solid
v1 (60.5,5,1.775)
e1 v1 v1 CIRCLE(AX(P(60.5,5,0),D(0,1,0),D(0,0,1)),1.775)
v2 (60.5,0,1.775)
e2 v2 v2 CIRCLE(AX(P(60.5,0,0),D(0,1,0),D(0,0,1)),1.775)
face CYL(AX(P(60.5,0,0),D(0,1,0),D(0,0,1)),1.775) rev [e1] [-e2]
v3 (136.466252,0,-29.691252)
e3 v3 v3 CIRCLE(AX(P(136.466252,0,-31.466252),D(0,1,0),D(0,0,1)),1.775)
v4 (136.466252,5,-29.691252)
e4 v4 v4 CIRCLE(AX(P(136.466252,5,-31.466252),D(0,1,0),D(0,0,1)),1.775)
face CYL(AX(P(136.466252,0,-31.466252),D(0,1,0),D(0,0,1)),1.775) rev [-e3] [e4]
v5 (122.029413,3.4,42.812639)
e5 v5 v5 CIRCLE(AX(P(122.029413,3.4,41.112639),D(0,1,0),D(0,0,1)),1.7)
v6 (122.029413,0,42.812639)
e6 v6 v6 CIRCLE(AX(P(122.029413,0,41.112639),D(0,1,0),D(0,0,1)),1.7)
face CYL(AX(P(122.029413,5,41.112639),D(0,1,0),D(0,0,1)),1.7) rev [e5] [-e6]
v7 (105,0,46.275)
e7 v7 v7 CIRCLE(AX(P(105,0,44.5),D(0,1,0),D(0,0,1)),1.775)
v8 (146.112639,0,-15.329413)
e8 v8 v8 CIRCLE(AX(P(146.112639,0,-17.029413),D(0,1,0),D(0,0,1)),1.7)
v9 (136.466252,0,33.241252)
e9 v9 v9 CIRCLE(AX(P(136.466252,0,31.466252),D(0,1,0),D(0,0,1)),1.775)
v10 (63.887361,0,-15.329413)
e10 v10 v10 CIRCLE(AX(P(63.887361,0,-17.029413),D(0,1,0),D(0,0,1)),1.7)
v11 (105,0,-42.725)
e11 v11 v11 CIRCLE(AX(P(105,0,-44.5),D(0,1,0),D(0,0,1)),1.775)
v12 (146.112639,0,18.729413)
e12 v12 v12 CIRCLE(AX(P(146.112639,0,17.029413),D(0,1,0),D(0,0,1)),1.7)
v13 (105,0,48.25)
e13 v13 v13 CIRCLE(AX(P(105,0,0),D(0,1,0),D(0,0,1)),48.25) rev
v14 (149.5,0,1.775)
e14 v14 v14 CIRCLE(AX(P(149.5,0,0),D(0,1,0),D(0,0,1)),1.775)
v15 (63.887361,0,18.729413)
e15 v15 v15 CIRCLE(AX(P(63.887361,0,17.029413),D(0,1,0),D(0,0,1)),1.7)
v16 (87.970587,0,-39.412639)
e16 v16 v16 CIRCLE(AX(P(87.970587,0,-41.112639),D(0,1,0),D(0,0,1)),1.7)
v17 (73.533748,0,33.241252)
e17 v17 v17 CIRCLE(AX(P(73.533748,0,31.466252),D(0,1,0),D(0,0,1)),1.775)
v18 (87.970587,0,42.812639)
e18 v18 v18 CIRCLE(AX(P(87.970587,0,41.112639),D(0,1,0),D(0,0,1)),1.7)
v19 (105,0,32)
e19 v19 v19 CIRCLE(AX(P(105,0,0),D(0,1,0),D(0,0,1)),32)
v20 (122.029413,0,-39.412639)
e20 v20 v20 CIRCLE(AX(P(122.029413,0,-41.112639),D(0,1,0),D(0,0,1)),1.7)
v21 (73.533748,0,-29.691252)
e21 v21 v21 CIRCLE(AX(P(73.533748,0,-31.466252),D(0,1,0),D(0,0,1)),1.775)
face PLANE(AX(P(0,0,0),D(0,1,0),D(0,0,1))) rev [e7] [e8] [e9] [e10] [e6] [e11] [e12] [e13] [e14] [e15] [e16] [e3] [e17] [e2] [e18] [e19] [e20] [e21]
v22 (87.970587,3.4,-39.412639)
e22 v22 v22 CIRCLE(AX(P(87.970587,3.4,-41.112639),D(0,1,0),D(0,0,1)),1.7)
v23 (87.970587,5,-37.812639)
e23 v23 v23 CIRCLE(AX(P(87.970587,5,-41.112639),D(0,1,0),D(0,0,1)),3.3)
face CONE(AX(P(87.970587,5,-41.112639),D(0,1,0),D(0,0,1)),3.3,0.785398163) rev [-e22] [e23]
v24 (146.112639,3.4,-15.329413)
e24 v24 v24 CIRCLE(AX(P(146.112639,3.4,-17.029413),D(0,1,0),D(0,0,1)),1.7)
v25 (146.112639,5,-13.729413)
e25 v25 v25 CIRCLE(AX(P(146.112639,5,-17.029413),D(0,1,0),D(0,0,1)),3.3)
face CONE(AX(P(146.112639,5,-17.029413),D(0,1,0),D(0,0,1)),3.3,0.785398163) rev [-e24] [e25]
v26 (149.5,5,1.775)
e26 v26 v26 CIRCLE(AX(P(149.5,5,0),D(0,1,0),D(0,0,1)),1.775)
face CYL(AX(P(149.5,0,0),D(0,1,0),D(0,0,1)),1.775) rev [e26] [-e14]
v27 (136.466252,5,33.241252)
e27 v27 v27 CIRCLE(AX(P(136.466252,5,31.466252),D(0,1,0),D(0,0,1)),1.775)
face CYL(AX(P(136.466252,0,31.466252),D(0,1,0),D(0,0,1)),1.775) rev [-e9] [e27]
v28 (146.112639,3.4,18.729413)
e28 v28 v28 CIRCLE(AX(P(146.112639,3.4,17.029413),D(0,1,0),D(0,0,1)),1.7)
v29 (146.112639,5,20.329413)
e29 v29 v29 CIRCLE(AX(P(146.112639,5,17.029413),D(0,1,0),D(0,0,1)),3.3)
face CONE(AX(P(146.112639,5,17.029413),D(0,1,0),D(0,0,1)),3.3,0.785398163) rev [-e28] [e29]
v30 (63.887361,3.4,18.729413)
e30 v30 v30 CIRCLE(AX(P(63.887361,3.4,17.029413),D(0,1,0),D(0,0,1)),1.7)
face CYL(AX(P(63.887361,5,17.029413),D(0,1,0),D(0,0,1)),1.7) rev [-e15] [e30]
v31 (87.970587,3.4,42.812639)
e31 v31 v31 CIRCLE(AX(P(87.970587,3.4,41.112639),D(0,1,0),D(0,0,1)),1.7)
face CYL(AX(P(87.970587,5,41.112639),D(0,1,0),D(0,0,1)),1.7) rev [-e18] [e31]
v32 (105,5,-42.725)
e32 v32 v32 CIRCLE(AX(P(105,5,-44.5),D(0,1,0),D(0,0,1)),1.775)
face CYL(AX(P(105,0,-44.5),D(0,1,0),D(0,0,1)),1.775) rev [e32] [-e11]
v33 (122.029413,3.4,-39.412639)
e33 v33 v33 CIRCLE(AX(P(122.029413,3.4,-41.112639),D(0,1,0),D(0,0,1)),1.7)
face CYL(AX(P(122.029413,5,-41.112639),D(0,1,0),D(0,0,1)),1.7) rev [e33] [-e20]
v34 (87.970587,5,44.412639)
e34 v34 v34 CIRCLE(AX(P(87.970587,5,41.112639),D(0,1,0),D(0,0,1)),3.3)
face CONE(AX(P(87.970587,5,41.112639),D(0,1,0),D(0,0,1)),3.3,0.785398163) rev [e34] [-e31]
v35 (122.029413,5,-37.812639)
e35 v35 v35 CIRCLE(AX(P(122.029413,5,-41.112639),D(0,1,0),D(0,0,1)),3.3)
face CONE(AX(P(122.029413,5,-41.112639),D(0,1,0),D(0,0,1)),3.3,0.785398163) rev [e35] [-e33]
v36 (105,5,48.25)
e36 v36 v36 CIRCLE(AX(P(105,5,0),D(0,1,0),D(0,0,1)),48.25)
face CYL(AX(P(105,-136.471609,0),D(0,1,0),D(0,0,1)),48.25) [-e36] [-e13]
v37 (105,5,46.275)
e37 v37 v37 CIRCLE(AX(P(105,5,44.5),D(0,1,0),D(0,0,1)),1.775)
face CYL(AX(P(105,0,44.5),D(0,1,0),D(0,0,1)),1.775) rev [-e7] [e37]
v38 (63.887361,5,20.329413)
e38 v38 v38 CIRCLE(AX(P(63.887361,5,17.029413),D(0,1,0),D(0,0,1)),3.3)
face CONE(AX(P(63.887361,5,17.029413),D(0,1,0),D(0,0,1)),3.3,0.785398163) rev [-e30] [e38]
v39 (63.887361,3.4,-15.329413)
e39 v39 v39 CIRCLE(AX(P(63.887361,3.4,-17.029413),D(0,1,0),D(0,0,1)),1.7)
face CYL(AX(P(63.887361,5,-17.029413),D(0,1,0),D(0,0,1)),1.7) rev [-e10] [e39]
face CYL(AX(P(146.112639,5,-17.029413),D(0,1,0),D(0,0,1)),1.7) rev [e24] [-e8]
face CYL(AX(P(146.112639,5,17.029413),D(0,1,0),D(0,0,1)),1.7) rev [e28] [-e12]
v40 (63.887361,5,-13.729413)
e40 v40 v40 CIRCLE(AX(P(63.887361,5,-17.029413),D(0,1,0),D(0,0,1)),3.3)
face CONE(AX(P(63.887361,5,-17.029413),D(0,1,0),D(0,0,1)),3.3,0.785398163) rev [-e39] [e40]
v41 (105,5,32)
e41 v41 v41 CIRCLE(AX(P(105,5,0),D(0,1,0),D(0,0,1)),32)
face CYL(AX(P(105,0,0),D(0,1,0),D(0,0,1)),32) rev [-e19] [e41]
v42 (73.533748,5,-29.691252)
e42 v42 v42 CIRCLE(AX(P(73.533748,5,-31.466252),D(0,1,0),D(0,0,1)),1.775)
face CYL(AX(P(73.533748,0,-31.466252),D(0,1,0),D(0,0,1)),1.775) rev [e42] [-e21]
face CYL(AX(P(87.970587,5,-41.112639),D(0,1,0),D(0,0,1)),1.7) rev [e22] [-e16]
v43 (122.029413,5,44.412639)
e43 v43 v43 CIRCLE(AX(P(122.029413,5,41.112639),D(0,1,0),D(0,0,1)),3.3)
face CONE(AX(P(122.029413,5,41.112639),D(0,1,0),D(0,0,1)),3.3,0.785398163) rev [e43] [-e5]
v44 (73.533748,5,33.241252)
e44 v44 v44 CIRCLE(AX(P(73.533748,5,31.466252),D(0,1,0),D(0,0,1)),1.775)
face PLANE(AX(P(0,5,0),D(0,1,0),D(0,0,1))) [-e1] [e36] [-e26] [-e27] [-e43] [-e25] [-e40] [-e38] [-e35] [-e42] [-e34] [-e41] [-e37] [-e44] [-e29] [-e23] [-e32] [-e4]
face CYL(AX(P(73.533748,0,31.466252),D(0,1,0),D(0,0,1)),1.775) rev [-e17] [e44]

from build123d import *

# Parameters (mm, degrees)
EXTRUDE_1_DEPTH              = 5
SKETCH_2_R                   = 1.525
CUT_EXTRUDE_1_DEPTH          = 6
SKETCH_3_R                   = 48.25
EXTRUDE_2_DEPTH              = 5
SKETCH_4_R                   = 32
CUT_EXTRUDE_2_DEPTH          = 6
FILLET_1_R                   = 40
SKETCH_9_R                   = 7.5
CUT_EXTRUDE_7_DEPTH          = 6
SKETCH_15_R                  = 1.525
CUT_EXTRUDE_10_DEPTH         = 6
SKETCH_16_R                  = 1.525
SKETCH_16_R_2                = 3.525
CUT_EXTRUDE_11_DEPTH         = 6
SKETCH_17_R                  = 1.525
SKETCH_17_R_2                = 3.525
SKETCH_17_R_3                = 7.5
CUT_EXTRUDE_12_DEPTH         = 6
SKETCH_10_R                  = 1.775
CUT_EXTRUDE_13_DEPTH         = 6
SKETCH_19_R                  = 1.525
CUT_EXTRUDE_14_DEPTH         = 6
HOLE_WIZARD_M3_2_D           = 3.4
HOLE_WIZARD_M3_2_CSINK_D     = 6.6
HOLE_WIZARD_M3_2_CSINK_ANGLE = 90


with BuildPart() as part:
    # 草图1 → 凸台-拉伸1 (new body)
    with BuildSketch(Plane(origin=(0, 0, 0), x_dir=(1, 0, 0), z_dir=(0, 1, 0))):
        with BuildLine():
            ThreePointArc((-78.875, 0), (-86.526835342, -18.473164658), (-105, -26.125))
            Line((-105, -26.125), (105, -26.125))
            Line((105, -26.125), (105, 26.125))
            Line((105, 26.125), (-105, 26.125))
            ThreePointArc((-105, 26.125), (-86.526835342, 18.473164658), (-78.875, 0))
        make_face()
        with BuildLine():
            ThreePointArc((-105, 26.125), (-131.125, 0), (-105, -26.125))
            Line((-105, -26.125), (-105, 26.125))
        make_face()
        with BuildLine():
            Line((-105, 26.125), (-105, -26.125))
            ThreePointArc((-105, -26.125), (-86.526835342, -18.473164658), (-78.875, 0))
            ThreePointArc((-78.875, 0), (-86.526835342, 18.473164658), (-105, 26.125))
        make_face()
        with BuildLine():
            ThreePointArc((-105, 26.125), (-131.125, 0), (-105, -26.125))
            Line((-105, -26.125), (-105, 26.125))
        make_face()
        with BuildLine():
            Line((-105, 26.125), (-105, -26.125))
            ThreePointArc((-105, -26.125), (-86.526835342, -18.473164658), (-78.875, 0))
            ThreePointArc((-78.875, 0), (-86.526835342, 18.473164658), (-105, 26.125))
        make_face()
    extrude(amount=EXTRUDE_1_DEPTH)

    # 草图2 → 切除-拉伸1 (cut, through all)
    with BuildSketch(Plane(origin=(0, 5, 0), x_dir=(1, 0, 0), z_dir=(0, 1, 0))):
        with Locations((-91.5, 0)):
            Circle(SKETCH_2_R)
        with Locations((-98.25, -11.691342951)):
            Circle(SKETCH_2_R)
        with Locations((-111.75, -11.691342951)):
            Circle(SKETCH_2_R)
        with Locations((-118.5, 0)):
            Circle(SKETCH_2_R)
        with Locations((-111.75, 11.691342951)):
            Circle(SKETCH_2_R)
        with Locations((-98.25, 11.691342951)):
            Circle(SKETCH_2_R)
    extrude(amount=-CUT_EXTRUDE_1_DEPTH, mode=Mode.SUBTRACT)

    # 草图3 → 凸台-拉伸2 (add)
    with BuildSketch(Plane(origin=(0, 5, 0), x_dir=(1, 0, 0), z_dir=(0, 1, 0))):
        with Locations((105, 0)):
            Circle(SKETCH_3_R)
    extrude(amount=-EXTRUDE_2_DEPTH)

    # 草图4 → 切除-拉伸2 (cut, through all)
    with BuildSketch(Plane(origin=(0, 5, 0), x_dir=(1, 0, 0), z_dir=(0, 1, 0))):
        with Locations((105, 0)):
            Circle(SKETCH_4_R)
    extrude(amount=-CUT_EXTRUDE_2_DEPTH, mode=Mode.SUBTRACT)

    # 圆角1
    fillet_1_edges = [part.edges().sort_by_distance(p)[0] for p in [
        (64.43465919, 2.5, 26.125),
        (64.43465919, 2.5, -26.125),
    ]]
    fillet(fillet_1_edges, radius=FILLET_1_R)

    # 草图9 → 切除-拉伸7 (cut, through all)
    with BuildSketch(Plane(origin=(0, 5, 0), x_dir=(1, 0, 0), z_dir=(0, 1, 0))):
        with Locations((-105, 0)):
            Circle(SKETCH_9_R)
    extrude(amount=-CUT_EXTRUDE_7_DEPTH, mode=Mode.SUBTRACT)

    # 草图15 → 切除-拉伸10 (cut, through all)
    with BuildSketch(Plane(origin=(0, 5, 0), x_dir=(1, 0, 0), z_dir=(0, 1, 0))):
        with Locations((-123.619546181, 10.75)):
            Circle(SKETCH_15_R)
        with Locations((-105, 21.5)):
            Circle(SKETCH_15_R)
        with Locations((-86.380453819, 10.75)):
            Circle(SKETCH_15_R)
        with Locations((-86.380453819, -10.75)):
            Circle(SKETCH_15_R)
        with Locations((-105, -21.5)):
            Circle(SKETCH_15_R)
        with Locations((-123.619546181, -10.75)):
            Circle(SKETCH_15_R)
    extrude(amount=-CUT_EXTRUDE_10_DEPTH, mode=Mode.SUBTRACT)

    # 草图16 → 切除-拉伸11 (cut, through all)
    with BuildSketch(Plane(origin=(0, 5, 0), x_dir=(1, 0, 0), z_dir=(0, 1, 0))):
        with Locations((-111.75, 11.691342951)):
            Circle(SKETCH_16_R)
        with Locations((-111.75, 11.691342951)):
            Circle(SKETCH_16_R_2)
        with Locations((-111.75, 11.691342951)):
            Circle(SKETCH_16_R, mode=Mode.SUBTRACT)
        with Locations((-98.25, 11.691342951)):
            Circle(SKETCH_16_R_2)
        with Locations((-98.25, 11.691342951)):
            Circle(SKETCH_16_R, mode=Mode.SUBTRACT)
        with Locations((-98.25, 11.691342951)):
            Circle(SKETCH_16_R)
        with Locations((-91.5, 0)):
            Circle(SKETCH_16_R)
        with Locations((-91.5, 0)):
            Circle(SKETCH_16_R_2)
        with Locations((-91.5, 0)):
            Circle(SKETCH_16_R, mode=Mode.SUBTRACT)
        with Locations((-98.25, -11.691342951)):
            Circle(SKETCH_16_R_2)
        with Locations((-98.25, -11.691342951)):
            Circle(SKETCH_16_R, mode=Mode.SUBTRACT)
        with Locations((-111.75, -11.691342951)):
            Circle(SKETCH_16_R_2)
        with Locations((-111.75, -11.691342951)):
            Circle(SKETCH_16_R, mode=Mode.SUBTRACT)
        with Locations((-111.75, -11.691342951)):
            Circle(SKETCH_16_R)
        with Locations((-118.5, 0)):
            Circle(SKETCH_16_R_2)
        with Locations((-118.5, 0)):
            Circle(SKETCH_16_R, mode=Mode.SUBTRACT)
        with Locations((-118.5, 0)):
            Circle(SKETCH_16_R)
    extrude(amount=-CUT_EXTRUDE_11_DEPTH, mode=Mode.SUBTRACT)

    # 草图17 → 切除-拉伸12 (cut, through all)
    with BuildSketch(Plane(origin=(0, 5, 0), x_dir=(1, 0, 0), z_dir=(0, 1, 0))):
        with BuildLine():
            ThreePointArc((-105, 26.125), (-131.125, 0), (-105, -26.125))
            Line((-105, -26.125), (46.557319748, -26.125))
            ThreePointArc((46.557319748, -26.125), (60.719472559, -28.715998038), (73.046919862, -36.153328612))
            ThreePointArc((73.046919862, -36.153328612), (56.75, 0), (73.046919862, 36.153328612))
            ThreePointArc((73.046919862, 36.153328612), (60.719472559, 28.715998038), (46.557319748, 26.125))
            Line((46.557319748, 26.125), (-105, 26.125))
        make_face()
        with Locations((-105, -21.5)):
            Circle(SKETCH_17_R, mode=Mode.SUBTRACT)
        with Locations((-123.619546181, -10.75)):
            Circle(SKETCH_17_R, mode=Mode.SUBTRACT)
        with Locations((-111.75, -11.691342951)):
            Circle(SKETCH_17_R_2, mode=Mode.SUBTRACT)
        with Locations((-98.25, -11.691342951)):
            Circle(SKETCH_17_R_2, mode=Mode.SUBTRACT)
        with Locations((-118.5, 0)):
            Circle(SKETCH_17_R_2, mode=Mode.SUBTRACT)
        with Locations((-105, 0)):
            Circle(SKETCH_17_R_3, mode=Mode.SUBTRACT)
        with Locations((-86.380453819, -10.75)):
            Circle(SKETCH_17_R, mode=Mode.SUBTRACT)
        with Locations((-123.619546181, 10.75)):
            Circle(SKETCH_17_R, mode=Mode.SUBTRACT)
        with Locations((-111.75, 11.691342951)):
            Circle(SKETCH_17_R_2, mode=Mode.SUBTRACT)
        with Locations((-98.25, 11.691342951)):
            Circle(SKETCH_17_R_2, mode=Mode.SUBTRACT)
        with Locations((-91.5, 0)):
            Circle(SKETCH_17_R_2, mode=Mode.SUBTRACT)
        with Locations((-86.380453819, 10.75)):
            Circle(SKETCH_17_R, mode=Mode.SUBTRACT)
        with Locations((-105, 21.5)):
            Circle(SKETCH_17_R, mode=Mode.SUBTRACT)
    extrude(amount=-CUT_EXTRUDE_12_DEPTH, mode=Mode.SUBTRACT)

    # 草图10 → 切除-拉伸13 (cut, through all)
    with BuildSketch(Plane(origin=(0, 5, 0), x_dir=(1, 0, 0), z_dir=(0, 1, 0))):
        with Locations((73.533748237, 31.466251763)):
            Circle(SKETCH_10_R)
        with Locations((105, 44.5)):
            Circle(SKETCH_10_R)
        with Locations((136.466251763, 31.466251763)):
            Circle(SKETCH_10_R)
        with Locations((136.466251763, -31.466251763)):
            Circle(SKETCH_10_R)
        with Locations((73.533748237, -31.466251763)):
            Circle(SKETCH_10_R)
        with Locations((60.5, 0)):
            Circle(SKETCH_10_R)
        with Locations((149.5, 0)):
            Circle(SKETCH_10_R)
        with Locations((105, -44.5)):
            Circle(SKETCH_10_R)
    extrude(amount=-CUT_EXTRUDE_13_DEPTH, mode=Mode.SUBTRACT)

    # 草图19 → 切除-拉伸14 (cut, through all)
    with BuildSketch(Plane(origin=(0, 5, 0), x_dir=(1, 0, 0), z_dir=(0, 1, 0))):
        with Locations((122.02941274, 41.112639197)):
            Circle(SKETCH_19_R)
        with Locations((146.112639197, 17.02941274)):
            Circle(SKETCH_19_R)
        with Locations((146.112639197, -17.02941274)):
            Circle(SKETCH_19_R)
        with Locations((122.02941274, -41.112639197)):
            Circle(SKETCH_19_R)
        with Locations((87.97058726, -41.112639197)):
            Circle(SKETCH_19_R)
        with Locations((63.887360803, -17.02941274)):
            Circle(SKETCH_19_R)
        with Locations((63.887360803, 17.02941274)):
            Circle(SKETCH_19_R)
        with Locations((87.97058726, 41.112639197)):
            Circle(SKETCH_19_R)
    extrude(amount=-CUT_EXTRUDE_14_DEPTH, mode=Mode.SUBTRACT)

    # M3 开槽沉头木螺钉的锥形沉头孔2 (through all)
    with Locations(Plane(origin=(0, 5, 0), x_dir=(1, 0, 0), z_dir=(0, 1, 0))):
        with Locations((87.97058726, 41.112639197), (122.02941274, 41.112639197), (146.112639197, 17.02941274), (146.112639197, -17.02941274), (122.02941274, -41.112639197), (87.97058726, -41.112639197), (63.887360803, -17.02941274), (63.887360803, 17.02941274)):
            CounterSinkHole(HOLE_WIZARD_M3_2_D / 2, HOLE_WIZARD_M3_2_CSINK_D / 2, counter_sink_angle=HOLE_WIZARD_M3_2_CSINK_ANGLE)


solid = part.part
